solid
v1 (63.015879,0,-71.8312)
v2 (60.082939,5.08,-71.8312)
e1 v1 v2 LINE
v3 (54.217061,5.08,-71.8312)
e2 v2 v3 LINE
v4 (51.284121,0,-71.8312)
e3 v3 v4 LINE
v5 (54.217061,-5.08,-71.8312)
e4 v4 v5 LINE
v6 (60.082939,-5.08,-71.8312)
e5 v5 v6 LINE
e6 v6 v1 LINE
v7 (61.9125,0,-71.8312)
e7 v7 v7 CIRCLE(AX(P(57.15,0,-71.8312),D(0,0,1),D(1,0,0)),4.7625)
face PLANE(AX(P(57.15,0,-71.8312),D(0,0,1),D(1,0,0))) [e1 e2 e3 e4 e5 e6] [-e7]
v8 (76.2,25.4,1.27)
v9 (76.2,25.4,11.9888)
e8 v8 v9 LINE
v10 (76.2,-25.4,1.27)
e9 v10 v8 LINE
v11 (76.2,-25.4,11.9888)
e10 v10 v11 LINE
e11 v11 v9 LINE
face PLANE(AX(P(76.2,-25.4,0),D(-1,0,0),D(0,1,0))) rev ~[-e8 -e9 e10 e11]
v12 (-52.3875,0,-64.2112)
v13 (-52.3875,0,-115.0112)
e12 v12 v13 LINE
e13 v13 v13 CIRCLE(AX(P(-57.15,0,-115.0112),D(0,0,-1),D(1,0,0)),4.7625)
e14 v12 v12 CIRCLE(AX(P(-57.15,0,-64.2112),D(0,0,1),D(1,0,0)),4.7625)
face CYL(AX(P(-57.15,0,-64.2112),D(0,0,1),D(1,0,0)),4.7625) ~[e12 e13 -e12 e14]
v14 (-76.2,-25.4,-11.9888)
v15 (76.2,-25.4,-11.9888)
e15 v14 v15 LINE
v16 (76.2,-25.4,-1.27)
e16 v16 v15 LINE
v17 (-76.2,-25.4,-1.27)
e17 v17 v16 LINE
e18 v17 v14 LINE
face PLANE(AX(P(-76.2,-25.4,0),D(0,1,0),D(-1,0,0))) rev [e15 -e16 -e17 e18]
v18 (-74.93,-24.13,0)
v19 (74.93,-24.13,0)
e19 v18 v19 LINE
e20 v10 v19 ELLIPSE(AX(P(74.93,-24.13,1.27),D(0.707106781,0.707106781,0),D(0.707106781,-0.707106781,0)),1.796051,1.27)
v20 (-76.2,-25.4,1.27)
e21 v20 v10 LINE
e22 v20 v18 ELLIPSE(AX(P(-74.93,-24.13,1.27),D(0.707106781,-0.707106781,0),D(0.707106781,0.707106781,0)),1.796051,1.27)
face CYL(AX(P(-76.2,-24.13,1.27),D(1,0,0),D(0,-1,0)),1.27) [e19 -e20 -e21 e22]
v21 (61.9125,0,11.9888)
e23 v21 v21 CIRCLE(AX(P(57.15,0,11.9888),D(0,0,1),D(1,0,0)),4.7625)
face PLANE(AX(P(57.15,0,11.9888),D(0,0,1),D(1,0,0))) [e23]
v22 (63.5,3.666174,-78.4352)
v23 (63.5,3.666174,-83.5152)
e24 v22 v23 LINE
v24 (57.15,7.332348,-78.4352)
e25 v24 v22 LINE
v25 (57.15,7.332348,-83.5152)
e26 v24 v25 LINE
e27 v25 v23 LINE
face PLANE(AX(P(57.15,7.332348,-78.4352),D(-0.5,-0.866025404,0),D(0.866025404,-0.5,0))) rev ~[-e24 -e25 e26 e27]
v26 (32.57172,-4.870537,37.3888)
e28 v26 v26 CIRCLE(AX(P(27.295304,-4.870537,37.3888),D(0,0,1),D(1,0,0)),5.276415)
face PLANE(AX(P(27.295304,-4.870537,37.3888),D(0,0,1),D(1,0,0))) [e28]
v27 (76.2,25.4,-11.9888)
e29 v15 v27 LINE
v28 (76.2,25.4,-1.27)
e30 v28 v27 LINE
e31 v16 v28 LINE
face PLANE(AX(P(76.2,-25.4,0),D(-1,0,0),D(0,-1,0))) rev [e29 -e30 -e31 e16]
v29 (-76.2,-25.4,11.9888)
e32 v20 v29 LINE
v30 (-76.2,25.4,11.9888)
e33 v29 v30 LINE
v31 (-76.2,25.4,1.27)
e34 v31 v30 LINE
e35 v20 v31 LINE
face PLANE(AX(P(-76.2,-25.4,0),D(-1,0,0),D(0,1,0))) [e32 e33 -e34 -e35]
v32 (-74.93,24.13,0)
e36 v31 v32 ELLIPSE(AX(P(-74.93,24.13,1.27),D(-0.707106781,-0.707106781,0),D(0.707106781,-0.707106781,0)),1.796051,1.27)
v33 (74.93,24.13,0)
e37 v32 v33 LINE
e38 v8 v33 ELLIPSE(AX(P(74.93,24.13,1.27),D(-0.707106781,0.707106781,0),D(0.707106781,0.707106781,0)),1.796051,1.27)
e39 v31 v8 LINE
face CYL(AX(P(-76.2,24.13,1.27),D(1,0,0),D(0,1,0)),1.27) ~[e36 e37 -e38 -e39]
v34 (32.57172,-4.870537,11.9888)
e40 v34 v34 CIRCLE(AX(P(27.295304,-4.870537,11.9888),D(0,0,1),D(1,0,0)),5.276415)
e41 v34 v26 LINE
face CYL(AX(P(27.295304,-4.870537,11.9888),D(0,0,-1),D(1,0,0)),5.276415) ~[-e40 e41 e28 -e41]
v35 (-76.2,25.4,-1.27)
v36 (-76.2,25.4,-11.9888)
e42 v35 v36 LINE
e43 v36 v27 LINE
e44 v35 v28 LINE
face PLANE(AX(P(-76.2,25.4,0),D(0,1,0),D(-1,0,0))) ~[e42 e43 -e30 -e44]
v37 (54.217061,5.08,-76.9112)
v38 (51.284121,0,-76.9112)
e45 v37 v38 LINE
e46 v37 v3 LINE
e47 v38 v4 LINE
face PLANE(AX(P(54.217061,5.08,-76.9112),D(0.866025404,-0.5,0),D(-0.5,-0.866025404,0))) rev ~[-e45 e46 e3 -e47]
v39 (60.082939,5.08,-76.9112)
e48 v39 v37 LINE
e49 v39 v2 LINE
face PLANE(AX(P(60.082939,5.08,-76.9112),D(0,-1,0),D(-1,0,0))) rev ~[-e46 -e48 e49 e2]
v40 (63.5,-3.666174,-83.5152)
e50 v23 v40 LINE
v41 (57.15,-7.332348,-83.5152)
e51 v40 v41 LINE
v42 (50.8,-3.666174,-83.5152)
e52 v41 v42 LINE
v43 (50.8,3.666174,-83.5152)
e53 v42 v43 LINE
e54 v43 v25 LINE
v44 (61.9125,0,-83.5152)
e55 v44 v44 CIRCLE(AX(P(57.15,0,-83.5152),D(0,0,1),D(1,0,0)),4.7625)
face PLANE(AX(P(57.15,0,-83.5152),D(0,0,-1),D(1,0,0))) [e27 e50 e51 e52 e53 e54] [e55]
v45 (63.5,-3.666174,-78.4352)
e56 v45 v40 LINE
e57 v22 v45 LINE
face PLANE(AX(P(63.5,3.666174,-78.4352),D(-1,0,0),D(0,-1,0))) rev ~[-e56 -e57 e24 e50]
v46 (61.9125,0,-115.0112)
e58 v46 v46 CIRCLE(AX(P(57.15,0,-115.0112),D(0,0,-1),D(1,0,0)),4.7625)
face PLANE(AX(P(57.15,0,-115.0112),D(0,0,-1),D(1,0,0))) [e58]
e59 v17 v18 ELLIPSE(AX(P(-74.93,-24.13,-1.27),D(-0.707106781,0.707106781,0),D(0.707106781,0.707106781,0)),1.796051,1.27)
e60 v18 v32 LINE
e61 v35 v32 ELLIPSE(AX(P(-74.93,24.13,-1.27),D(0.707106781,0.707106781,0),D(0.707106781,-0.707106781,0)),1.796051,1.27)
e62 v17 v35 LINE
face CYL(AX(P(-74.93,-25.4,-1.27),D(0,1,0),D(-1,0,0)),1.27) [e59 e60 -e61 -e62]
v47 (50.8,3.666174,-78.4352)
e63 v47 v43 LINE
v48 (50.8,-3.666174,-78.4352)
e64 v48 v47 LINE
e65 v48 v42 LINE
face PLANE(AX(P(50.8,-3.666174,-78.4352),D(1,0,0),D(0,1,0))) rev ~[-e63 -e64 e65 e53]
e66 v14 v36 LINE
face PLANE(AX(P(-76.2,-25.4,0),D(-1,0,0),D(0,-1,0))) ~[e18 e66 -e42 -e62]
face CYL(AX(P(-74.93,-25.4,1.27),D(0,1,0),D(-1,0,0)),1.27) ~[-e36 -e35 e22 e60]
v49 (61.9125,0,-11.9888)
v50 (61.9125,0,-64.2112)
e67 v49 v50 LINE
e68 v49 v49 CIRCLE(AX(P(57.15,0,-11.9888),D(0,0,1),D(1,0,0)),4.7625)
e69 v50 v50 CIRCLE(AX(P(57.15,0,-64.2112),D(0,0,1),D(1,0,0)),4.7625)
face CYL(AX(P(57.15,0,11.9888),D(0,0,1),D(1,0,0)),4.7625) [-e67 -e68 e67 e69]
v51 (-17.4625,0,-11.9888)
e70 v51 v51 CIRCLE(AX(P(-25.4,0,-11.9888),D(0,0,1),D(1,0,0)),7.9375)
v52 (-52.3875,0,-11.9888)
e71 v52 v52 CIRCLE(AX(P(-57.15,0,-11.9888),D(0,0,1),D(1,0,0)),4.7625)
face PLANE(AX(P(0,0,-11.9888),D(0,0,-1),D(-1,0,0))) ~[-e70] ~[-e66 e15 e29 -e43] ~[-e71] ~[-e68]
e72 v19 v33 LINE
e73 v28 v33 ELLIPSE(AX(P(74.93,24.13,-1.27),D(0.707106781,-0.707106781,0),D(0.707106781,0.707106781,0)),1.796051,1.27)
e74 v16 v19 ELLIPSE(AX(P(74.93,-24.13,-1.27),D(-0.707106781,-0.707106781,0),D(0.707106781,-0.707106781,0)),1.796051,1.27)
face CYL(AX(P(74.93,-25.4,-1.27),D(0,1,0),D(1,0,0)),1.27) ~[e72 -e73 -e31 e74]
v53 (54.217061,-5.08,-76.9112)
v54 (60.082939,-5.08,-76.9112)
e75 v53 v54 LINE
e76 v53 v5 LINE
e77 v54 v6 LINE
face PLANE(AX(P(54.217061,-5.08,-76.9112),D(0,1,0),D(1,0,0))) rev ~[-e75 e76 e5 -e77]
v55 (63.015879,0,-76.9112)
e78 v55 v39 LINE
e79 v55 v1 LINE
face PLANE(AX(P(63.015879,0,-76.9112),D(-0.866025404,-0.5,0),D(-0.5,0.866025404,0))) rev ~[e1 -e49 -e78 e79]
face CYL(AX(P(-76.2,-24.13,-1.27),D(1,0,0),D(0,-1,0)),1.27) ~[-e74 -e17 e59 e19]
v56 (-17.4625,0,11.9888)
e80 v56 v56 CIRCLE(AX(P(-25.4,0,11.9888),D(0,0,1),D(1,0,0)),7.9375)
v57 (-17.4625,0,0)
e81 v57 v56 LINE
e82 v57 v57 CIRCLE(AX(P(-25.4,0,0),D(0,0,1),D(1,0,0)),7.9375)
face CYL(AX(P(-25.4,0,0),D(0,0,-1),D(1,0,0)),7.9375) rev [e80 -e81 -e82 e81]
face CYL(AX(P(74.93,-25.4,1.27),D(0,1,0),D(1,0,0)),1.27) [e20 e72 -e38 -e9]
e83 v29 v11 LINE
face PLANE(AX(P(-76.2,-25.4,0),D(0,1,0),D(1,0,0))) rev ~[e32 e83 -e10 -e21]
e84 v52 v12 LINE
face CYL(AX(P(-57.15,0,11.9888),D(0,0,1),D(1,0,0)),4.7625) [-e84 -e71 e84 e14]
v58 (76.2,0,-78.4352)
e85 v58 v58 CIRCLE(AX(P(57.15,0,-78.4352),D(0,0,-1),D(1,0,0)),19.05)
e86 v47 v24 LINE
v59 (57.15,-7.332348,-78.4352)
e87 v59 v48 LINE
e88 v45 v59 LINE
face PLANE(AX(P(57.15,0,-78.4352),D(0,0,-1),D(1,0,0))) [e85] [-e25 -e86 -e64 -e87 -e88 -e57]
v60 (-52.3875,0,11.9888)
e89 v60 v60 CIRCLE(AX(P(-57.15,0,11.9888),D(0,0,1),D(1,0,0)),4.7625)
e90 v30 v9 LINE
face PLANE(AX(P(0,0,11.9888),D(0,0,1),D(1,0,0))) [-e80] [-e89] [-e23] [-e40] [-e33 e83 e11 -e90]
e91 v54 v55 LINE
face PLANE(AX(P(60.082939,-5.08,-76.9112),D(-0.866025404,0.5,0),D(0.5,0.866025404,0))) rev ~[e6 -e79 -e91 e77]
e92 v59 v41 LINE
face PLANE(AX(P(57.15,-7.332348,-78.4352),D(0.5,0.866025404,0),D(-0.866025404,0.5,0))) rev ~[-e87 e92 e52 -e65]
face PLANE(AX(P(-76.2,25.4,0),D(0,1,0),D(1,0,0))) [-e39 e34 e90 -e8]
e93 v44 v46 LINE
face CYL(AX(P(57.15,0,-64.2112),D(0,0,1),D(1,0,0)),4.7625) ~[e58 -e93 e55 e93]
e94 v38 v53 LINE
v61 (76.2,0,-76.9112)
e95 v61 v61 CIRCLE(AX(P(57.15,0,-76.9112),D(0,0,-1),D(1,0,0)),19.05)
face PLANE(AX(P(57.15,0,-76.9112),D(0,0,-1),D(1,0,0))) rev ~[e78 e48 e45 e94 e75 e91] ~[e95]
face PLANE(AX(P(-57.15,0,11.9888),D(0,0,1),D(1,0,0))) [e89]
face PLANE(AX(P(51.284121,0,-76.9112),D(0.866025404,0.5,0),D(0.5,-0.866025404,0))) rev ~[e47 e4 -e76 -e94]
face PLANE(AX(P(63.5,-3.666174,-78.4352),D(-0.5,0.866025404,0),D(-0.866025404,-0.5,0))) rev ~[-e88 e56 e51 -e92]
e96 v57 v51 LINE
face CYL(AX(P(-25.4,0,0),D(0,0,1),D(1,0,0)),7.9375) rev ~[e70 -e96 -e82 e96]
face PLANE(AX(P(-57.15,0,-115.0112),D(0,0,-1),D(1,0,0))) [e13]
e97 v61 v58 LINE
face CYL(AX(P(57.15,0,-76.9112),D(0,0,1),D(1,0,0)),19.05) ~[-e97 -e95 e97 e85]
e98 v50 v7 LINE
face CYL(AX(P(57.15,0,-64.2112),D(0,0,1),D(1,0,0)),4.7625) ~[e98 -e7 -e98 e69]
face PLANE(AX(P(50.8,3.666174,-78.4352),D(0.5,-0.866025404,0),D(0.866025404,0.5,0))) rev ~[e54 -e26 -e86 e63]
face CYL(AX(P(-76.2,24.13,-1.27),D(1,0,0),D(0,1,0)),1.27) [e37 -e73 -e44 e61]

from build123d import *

# Parameters (mm, degrees)
F0_W      = 152.4
F0_H      = 50.8
F0_R      = 4.7625
F0_R_2    = 7.9375
F1_DEPTH  = 11.9888
F2_R      = 1.27
F4_R      = 4.7625
F5_DEPTH  = 76.2
F6_R      = 4.7625
F7_DEPTH  = 50.8
F9_R      = 19.05
F10_DEPTH = 1.524
F12_DEPTH = 5.08
F14_DEPTH = 5.08
F15_R     = 5.2764150672
F16_DEPTH = 25.4


with BuildPart() as f1:
    # F0 (on Top) → F1 (new body)
    with BuildSketch(Plane.XY):
        Rectangle(F0_W, F0_H)
        with Locations((-57.15, 0)):
            Circle(F0_R, mode=Mode.SUBTRACT)
        with Locations((-25.4, 0)):
            Circle(F0_R_2, mode=Mode.SUBTRACT)
        with Locations((57.15, 0)):
            Circle(F0_R, mode=Mode.SUBTRACT)
    extrude(amount=F1_DEPTH)

    # F2
    f2_edges = [f1.edges().sort_by_distance(p)[0] for p in [
        (0, 25.4, 0),
        (-76.2, 0, 0),
        (0, -25.4, 0),
        (76.2, 0, 0),
    ]]
    fillet(f2_edges, radius=F2_R)

    # F3: F1 across plane


with BuildPart() as f1_1:
    add(f1.part)
    add(f1.part.mirror(Plane.XY))

    # F4 (on face) → F5 (join)
    with BuildSketch(Plane.XY.offset(11.9888)):
        with Locations((-57.15, 0)):
            Circle(F4_R)
        with Locations((57.15, 0)):
            Circle(F4_R)
    extrude(amount=-F5_DEPTH)

    # F6 (on face) → F7 (join)
    with BuildSketch(Plane(origin=(0, 0, -64.2112), x_dir=(1, 0, 0), z_dir=(0, 0, -1))):
        with Locations((57.15, 0)):
            Circle(F6_R)
        with Locations((-57.15, 0)):
            Circle(F6_R)
    extrude(amount=F7_DEPTH)

    # F9 (on offset) → F10 (join)
    with BuildSketch(Plane(origin=(0, 0, -76.9112), x_dir=(1, 0, 0), z_dir=(0, 0, -1))):
        with Locations((57.15, 0)):
            Circle(F9_R)
    extrude(amount=F10_DEPTH)

    # F11 (on face) → F12 (join)
    with BuildSketch(Plane(origin=(0, 0, -78.4352), x_dir=(1, 0, 0), z_dir=(0, 0, -1))):
        Polygon((63.5, 3.6661742094), (57.15, 7.3323484187), (50.8, 3.6661742094), (50.8, -3.6661742094), (57.15, -7.3323484187), (63.5, -3.6661742094), align=None)
    extrude(amount=F12_DEPTH)

    # F13 (on face) → F14 (join)
    with BuildSketch(Plane.XY.offset(-76.9112)):
        Polygon((60.0829393675, -5.08), (63.015878735, 0), (60.0829393675, 5.08), (54.2170606325, 5.08), (51.284121265, 0), (54.2170606325, -5.08), align=None)
    extrude(amount=F14_DEPTH)

    # F15 (on face) → F16 (join)
    with BuildSketch(Plane.XY.offset(11.9888)):
        with Locations((27.2953044623, -4.8705367371)):
            Circle(F15_R)
    extrude(amount=F16_DEPTH)


solid = f1_1.part
